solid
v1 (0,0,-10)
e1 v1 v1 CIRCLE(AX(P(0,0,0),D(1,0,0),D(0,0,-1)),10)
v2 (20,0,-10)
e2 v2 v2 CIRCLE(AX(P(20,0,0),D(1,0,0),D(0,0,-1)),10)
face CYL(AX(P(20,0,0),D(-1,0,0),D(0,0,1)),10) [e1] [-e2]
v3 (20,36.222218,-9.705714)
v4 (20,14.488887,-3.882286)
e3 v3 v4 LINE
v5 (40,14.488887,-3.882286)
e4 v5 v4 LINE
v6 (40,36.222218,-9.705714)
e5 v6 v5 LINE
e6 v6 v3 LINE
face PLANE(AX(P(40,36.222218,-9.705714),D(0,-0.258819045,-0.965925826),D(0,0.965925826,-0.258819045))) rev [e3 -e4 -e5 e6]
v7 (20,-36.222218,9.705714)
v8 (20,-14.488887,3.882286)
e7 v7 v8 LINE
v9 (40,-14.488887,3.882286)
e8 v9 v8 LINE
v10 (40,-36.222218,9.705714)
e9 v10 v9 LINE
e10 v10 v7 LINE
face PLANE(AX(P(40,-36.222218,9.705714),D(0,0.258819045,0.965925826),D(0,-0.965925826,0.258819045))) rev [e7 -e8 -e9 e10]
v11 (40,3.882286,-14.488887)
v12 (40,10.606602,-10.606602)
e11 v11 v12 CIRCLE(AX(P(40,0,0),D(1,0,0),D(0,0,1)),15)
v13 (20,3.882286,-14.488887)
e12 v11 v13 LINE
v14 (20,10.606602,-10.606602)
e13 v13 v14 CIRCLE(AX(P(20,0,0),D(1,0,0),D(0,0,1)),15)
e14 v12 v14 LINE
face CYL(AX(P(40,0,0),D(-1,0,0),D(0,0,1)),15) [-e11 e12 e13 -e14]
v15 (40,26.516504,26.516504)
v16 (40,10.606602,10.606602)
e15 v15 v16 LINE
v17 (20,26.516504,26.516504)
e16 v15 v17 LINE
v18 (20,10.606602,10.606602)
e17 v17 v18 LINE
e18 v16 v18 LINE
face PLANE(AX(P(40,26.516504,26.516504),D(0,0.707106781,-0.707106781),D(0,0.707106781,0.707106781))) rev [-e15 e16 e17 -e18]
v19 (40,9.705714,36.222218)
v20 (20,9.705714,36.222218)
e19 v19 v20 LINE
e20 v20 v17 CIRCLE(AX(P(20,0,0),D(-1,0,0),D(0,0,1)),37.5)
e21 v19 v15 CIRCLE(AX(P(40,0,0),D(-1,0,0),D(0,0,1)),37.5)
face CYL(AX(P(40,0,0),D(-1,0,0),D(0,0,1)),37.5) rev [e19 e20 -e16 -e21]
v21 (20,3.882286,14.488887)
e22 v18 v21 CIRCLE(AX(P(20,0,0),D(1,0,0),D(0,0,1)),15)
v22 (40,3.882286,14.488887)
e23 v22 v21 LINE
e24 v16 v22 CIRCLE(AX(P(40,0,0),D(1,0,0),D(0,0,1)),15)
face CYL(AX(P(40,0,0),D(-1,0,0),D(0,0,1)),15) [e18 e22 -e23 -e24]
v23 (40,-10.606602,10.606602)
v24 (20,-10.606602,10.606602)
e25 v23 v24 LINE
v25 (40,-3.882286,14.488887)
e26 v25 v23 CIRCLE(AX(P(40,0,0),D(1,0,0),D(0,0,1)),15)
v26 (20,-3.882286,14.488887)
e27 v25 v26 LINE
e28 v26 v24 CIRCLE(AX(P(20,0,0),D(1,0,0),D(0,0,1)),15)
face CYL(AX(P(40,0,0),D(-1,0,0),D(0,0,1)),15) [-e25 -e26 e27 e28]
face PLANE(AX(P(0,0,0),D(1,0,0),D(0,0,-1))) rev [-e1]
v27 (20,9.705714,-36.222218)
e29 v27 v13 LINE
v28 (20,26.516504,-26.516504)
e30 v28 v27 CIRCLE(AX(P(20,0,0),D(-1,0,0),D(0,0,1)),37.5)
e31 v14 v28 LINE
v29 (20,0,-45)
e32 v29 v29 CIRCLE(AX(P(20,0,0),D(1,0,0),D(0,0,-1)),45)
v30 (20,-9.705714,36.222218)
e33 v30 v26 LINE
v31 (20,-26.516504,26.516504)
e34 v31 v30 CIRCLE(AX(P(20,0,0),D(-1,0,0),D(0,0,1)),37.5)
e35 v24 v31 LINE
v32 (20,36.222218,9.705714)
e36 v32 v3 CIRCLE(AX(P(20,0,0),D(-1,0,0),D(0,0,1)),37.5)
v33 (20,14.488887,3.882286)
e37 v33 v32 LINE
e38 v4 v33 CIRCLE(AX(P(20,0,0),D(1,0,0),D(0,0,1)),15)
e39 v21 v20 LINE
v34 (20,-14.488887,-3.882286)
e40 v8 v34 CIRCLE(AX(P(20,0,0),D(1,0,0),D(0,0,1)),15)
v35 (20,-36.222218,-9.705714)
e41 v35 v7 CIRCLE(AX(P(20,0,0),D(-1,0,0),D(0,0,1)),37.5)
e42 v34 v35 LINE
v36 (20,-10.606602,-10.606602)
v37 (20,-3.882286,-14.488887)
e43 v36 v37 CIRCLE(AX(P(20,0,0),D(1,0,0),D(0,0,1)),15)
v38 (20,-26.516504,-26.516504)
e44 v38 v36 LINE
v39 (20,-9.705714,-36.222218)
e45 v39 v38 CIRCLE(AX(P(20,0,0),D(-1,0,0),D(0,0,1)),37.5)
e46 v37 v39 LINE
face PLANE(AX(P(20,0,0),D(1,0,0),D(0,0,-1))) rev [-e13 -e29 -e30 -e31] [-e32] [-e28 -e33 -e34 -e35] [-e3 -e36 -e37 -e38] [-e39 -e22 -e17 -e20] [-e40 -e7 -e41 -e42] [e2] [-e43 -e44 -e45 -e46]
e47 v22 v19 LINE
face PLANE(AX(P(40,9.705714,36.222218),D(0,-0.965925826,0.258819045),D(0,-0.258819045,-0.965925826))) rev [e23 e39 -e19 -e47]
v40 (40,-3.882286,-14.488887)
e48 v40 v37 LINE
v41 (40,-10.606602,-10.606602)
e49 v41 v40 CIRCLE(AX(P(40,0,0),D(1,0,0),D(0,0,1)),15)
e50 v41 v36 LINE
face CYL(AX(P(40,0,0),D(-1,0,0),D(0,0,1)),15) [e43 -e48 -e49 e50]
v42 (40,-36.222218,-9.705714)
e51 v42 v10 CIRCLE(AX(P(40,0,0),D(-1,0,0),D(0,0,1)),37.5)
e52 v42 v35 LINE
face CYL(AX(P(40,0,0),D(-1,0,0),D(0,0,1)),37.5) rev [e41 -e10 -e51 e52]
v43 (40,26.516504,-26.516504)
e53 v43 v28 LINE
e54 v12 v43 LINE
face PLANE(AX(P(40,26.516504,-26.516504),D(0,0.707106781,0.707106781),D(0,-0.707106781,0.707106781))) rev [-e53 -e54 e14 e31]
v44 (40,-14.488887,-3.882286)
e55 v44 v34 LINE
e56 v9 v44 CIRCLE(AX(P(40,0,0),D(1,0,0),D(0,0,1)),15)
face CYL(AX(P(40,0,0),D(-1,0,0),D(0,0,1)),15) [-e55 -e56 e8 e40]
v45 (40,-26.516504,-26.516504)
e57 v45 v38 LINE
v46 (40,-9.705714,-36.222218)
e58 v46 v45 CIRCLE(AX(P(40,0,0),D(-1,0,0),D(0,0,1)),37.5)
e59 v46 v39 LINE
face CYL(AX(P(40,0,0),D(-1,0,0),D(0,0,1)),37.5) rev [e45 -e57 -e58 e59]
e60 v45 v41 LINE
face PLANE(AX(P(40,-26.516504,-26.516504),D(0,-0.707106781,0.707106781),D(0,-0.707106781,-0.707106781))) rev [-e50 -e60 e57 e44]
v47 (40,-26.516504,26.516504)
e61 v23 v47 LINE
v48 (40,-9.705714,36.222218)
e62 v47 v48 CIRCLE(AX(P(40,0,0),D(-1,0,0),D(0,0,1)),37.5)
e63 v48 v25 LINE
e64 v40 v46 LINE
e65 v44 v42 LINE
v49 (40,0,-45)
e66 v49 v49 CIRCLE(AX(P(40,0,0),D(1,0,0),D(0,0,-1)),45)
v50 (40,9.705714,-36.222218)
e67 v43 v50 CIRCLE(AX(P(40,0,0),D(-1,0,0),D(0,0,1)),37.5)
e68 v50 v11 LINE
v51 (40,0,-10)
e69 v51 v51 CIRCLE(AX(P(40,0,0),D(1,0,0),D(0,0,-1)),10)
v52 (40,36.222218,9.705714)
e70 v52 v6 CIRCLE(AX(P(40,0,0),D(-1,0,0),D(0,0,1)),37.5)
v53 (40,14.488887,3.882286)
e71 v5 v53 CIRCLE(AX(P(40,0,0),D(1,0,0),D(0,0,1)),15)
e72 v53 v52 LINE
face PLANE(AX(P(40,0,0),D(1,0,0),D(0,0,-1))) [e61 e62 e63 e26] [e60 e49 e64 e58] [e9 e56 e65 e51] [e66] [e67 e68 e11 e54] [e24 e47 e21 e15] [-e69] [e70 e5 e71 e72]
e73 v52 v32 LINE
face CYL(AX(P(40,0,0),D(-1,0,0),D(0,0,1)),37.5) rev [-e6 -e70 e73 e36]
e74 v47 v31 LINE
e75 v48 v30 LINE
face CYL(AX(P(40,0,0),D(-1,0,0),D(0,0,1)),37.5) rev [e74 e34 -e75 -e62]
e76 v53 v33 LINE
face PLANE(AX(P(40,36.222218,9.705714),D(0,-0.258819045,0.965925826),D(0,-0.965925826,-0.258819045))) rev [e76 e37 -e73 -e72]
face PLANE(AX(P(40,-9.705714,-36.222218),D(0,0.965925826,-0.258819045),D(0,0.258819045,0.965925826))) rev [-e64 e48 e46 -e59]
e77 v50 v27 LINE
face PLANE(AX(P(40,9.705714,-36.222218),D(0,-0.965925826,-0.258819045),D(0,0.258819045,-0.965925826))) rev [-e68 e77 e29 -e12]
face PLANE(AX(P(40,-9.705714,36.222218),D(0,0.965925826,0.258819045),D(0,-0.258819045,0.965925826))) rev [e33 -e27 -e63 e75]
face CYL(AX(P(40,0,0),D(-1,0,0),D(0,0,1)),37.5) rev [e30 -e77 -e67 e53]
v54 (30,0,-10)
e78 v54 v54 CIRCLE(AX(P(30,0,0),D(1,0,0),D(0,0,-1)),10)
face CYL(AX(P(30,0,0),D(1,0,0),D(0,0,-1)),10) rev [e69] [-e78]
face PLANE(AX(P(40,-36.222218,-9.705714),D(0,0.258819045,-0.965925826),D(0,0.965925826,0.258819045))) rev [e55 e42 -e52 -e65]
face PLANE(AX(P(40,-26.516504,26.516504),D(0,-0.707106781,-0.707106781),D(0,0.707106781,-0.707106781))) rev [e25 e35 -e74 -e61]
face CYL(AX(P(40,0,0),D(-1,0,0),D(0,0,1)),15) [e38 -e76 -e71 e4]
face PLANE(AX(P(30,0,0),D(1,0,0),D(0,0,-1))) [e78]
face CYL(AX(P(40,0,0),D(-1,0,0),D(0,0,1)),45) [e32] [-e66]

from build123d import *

# Parameters (mm, degrees)
SKETCH_1_R          = 10
EXTRUDE_1_DEPTH     = 20
SKETCH_2_R          = 45
EXTRUDE_2_DEPTH     = 20
CUT_EXTRUDE_1_DEPTH = 20
SKETCH_4_R          = 10
CUT_EXTRUDE_2_DEPTH = 10


with BuildPart() as part:
    # 草图1 → 凸台-拉伸1 (new body)
    with BuildSketch(Plane(origin=(0, 0, 0), x_dir=(0, 0, -1), z_dir=(1, 0, 0))):
        Circle(SKETCH_1_R)
    extrude(amount=EXTRUDE_1_DEPTH)

    # 草图2 → 凸台-拉伸2 (add)
    with BuildSketch(Plane(origin=(20, 0, 0), x_dir=(0, 0, -1), z_dir=(1, 0, 0))):
        Circle(SKETCH_2_R)
    extrude(amount=EXTRUDE_2_DEPTH)

    # 草图3 → 切除-拉伸1 (cut)
    with BuildSketch(Plane.ZY.offset(-20)):
        with BuildLine():
            Line((-9.705714191, 36.222218486), (-3.882285677, 14.488887394))
            ThreePointArc((-3.882285677, 14.488887394), (0, 15), (3.882285677, 14.488887394))
            Line((3.882285677, 14.488887394), (9.705714191, 36.222218486))
            ThreePointArc((9.705714191, 36.222218486), (0, 37.5), (-9.705714191, 36.222218486))
        make_face()
        with BuildLine():
            Line((26.516504294, 26.516504294), (10.606601718, 10.606601718))
            ThreePointArc((10.606601718, 10.606601718), (12.990381057, 7.5), (14.488887394, 3.882285677))
            Line((14.488887394, 3.882285677), (36.222218486, 9.705714191))
            ThreePointArc((36.222218486, 9.705714191), (32.475952642, 18.75), (26.516504294, 26.516504294))
        make_face()
        with BuildLine():
            Line((36.222218486, -9.705714191), (14.488887394, -3.882285677))
            ThreePointArc((14.488887394, -3.882285677), (12.990381057, -7.5), (10.606601718, -10.606601718))
            Line((10.606601718, -10.606601718), (26.516504294, -26.516504294))
            ThreePointArc((26.516504294, -26.516504294), (32.475952642, -18.75), (36.222218486, -9.705714191))
        make_face()
        with BuildLine():
            Line((9.705714191, -36.222218486), (3.882285677, -14.488887394))
            ThreePointArc((3.882285677, -14.488887394), (0, -15), (-3.882285677, -14.488887394))
            Line((-3.882285677, -14.488887394), (-9.705714191, -36.222218486))
            ThreePointArc((-9.705714191, -36.222218486), (0, -37.5), (9.705714191, -36.222218486))
        make_face()
        with BuildLine():
            Line((-26.516504294, -26.516504294), (-10.606601718, -10.606601718))
            ThreePointArc((-10.606601718, -10.606601718), (-12.990381057, -7.5), (-14.488887394, -3.882285677))
            Line((-14.488887394, -3.882285677), (-36.222218486, -9.705714191))
            ThreePointArc((-36.222218486, -9.705714191), (-32.475952642, -18.75), (-26.516504294, -26.516504294))
        make_face()
        with BuildLine():
            Line((-36.222218486, 9.705714191), (-14.488887394, 3.882285677))
            ThreePointArc((-14.488887394, 3.882285677), (-12.990381057, 7.5), (-10.606601718, 10.606601718))
            Line((-10.606601718, 10.606601718), (-26.516504294, 26.516504294))
            ThreePointArc((-26.516504294, 26.516504294), (-32.475952642, 18.75), (-36.222218486, 9.705714191))
        make_face()
    extrude(amount=-CUT_EXTRUDE_1_DEPTH, mode=Mode.SUBTRACT)

    # 草图4 → 切除-拉伸2 (cut)
    with BuildSketch(Plane(origin=(40, 0, 0), x_dir=(0, 0, -1), z_dir=(1, 0, 0))):
        Circle(SKETCH_4_R)
    extrude(amount=-CUT_EXTRUDE_2_DEPTH, mode=Mode.SUBTRACT)


solid = part.part
